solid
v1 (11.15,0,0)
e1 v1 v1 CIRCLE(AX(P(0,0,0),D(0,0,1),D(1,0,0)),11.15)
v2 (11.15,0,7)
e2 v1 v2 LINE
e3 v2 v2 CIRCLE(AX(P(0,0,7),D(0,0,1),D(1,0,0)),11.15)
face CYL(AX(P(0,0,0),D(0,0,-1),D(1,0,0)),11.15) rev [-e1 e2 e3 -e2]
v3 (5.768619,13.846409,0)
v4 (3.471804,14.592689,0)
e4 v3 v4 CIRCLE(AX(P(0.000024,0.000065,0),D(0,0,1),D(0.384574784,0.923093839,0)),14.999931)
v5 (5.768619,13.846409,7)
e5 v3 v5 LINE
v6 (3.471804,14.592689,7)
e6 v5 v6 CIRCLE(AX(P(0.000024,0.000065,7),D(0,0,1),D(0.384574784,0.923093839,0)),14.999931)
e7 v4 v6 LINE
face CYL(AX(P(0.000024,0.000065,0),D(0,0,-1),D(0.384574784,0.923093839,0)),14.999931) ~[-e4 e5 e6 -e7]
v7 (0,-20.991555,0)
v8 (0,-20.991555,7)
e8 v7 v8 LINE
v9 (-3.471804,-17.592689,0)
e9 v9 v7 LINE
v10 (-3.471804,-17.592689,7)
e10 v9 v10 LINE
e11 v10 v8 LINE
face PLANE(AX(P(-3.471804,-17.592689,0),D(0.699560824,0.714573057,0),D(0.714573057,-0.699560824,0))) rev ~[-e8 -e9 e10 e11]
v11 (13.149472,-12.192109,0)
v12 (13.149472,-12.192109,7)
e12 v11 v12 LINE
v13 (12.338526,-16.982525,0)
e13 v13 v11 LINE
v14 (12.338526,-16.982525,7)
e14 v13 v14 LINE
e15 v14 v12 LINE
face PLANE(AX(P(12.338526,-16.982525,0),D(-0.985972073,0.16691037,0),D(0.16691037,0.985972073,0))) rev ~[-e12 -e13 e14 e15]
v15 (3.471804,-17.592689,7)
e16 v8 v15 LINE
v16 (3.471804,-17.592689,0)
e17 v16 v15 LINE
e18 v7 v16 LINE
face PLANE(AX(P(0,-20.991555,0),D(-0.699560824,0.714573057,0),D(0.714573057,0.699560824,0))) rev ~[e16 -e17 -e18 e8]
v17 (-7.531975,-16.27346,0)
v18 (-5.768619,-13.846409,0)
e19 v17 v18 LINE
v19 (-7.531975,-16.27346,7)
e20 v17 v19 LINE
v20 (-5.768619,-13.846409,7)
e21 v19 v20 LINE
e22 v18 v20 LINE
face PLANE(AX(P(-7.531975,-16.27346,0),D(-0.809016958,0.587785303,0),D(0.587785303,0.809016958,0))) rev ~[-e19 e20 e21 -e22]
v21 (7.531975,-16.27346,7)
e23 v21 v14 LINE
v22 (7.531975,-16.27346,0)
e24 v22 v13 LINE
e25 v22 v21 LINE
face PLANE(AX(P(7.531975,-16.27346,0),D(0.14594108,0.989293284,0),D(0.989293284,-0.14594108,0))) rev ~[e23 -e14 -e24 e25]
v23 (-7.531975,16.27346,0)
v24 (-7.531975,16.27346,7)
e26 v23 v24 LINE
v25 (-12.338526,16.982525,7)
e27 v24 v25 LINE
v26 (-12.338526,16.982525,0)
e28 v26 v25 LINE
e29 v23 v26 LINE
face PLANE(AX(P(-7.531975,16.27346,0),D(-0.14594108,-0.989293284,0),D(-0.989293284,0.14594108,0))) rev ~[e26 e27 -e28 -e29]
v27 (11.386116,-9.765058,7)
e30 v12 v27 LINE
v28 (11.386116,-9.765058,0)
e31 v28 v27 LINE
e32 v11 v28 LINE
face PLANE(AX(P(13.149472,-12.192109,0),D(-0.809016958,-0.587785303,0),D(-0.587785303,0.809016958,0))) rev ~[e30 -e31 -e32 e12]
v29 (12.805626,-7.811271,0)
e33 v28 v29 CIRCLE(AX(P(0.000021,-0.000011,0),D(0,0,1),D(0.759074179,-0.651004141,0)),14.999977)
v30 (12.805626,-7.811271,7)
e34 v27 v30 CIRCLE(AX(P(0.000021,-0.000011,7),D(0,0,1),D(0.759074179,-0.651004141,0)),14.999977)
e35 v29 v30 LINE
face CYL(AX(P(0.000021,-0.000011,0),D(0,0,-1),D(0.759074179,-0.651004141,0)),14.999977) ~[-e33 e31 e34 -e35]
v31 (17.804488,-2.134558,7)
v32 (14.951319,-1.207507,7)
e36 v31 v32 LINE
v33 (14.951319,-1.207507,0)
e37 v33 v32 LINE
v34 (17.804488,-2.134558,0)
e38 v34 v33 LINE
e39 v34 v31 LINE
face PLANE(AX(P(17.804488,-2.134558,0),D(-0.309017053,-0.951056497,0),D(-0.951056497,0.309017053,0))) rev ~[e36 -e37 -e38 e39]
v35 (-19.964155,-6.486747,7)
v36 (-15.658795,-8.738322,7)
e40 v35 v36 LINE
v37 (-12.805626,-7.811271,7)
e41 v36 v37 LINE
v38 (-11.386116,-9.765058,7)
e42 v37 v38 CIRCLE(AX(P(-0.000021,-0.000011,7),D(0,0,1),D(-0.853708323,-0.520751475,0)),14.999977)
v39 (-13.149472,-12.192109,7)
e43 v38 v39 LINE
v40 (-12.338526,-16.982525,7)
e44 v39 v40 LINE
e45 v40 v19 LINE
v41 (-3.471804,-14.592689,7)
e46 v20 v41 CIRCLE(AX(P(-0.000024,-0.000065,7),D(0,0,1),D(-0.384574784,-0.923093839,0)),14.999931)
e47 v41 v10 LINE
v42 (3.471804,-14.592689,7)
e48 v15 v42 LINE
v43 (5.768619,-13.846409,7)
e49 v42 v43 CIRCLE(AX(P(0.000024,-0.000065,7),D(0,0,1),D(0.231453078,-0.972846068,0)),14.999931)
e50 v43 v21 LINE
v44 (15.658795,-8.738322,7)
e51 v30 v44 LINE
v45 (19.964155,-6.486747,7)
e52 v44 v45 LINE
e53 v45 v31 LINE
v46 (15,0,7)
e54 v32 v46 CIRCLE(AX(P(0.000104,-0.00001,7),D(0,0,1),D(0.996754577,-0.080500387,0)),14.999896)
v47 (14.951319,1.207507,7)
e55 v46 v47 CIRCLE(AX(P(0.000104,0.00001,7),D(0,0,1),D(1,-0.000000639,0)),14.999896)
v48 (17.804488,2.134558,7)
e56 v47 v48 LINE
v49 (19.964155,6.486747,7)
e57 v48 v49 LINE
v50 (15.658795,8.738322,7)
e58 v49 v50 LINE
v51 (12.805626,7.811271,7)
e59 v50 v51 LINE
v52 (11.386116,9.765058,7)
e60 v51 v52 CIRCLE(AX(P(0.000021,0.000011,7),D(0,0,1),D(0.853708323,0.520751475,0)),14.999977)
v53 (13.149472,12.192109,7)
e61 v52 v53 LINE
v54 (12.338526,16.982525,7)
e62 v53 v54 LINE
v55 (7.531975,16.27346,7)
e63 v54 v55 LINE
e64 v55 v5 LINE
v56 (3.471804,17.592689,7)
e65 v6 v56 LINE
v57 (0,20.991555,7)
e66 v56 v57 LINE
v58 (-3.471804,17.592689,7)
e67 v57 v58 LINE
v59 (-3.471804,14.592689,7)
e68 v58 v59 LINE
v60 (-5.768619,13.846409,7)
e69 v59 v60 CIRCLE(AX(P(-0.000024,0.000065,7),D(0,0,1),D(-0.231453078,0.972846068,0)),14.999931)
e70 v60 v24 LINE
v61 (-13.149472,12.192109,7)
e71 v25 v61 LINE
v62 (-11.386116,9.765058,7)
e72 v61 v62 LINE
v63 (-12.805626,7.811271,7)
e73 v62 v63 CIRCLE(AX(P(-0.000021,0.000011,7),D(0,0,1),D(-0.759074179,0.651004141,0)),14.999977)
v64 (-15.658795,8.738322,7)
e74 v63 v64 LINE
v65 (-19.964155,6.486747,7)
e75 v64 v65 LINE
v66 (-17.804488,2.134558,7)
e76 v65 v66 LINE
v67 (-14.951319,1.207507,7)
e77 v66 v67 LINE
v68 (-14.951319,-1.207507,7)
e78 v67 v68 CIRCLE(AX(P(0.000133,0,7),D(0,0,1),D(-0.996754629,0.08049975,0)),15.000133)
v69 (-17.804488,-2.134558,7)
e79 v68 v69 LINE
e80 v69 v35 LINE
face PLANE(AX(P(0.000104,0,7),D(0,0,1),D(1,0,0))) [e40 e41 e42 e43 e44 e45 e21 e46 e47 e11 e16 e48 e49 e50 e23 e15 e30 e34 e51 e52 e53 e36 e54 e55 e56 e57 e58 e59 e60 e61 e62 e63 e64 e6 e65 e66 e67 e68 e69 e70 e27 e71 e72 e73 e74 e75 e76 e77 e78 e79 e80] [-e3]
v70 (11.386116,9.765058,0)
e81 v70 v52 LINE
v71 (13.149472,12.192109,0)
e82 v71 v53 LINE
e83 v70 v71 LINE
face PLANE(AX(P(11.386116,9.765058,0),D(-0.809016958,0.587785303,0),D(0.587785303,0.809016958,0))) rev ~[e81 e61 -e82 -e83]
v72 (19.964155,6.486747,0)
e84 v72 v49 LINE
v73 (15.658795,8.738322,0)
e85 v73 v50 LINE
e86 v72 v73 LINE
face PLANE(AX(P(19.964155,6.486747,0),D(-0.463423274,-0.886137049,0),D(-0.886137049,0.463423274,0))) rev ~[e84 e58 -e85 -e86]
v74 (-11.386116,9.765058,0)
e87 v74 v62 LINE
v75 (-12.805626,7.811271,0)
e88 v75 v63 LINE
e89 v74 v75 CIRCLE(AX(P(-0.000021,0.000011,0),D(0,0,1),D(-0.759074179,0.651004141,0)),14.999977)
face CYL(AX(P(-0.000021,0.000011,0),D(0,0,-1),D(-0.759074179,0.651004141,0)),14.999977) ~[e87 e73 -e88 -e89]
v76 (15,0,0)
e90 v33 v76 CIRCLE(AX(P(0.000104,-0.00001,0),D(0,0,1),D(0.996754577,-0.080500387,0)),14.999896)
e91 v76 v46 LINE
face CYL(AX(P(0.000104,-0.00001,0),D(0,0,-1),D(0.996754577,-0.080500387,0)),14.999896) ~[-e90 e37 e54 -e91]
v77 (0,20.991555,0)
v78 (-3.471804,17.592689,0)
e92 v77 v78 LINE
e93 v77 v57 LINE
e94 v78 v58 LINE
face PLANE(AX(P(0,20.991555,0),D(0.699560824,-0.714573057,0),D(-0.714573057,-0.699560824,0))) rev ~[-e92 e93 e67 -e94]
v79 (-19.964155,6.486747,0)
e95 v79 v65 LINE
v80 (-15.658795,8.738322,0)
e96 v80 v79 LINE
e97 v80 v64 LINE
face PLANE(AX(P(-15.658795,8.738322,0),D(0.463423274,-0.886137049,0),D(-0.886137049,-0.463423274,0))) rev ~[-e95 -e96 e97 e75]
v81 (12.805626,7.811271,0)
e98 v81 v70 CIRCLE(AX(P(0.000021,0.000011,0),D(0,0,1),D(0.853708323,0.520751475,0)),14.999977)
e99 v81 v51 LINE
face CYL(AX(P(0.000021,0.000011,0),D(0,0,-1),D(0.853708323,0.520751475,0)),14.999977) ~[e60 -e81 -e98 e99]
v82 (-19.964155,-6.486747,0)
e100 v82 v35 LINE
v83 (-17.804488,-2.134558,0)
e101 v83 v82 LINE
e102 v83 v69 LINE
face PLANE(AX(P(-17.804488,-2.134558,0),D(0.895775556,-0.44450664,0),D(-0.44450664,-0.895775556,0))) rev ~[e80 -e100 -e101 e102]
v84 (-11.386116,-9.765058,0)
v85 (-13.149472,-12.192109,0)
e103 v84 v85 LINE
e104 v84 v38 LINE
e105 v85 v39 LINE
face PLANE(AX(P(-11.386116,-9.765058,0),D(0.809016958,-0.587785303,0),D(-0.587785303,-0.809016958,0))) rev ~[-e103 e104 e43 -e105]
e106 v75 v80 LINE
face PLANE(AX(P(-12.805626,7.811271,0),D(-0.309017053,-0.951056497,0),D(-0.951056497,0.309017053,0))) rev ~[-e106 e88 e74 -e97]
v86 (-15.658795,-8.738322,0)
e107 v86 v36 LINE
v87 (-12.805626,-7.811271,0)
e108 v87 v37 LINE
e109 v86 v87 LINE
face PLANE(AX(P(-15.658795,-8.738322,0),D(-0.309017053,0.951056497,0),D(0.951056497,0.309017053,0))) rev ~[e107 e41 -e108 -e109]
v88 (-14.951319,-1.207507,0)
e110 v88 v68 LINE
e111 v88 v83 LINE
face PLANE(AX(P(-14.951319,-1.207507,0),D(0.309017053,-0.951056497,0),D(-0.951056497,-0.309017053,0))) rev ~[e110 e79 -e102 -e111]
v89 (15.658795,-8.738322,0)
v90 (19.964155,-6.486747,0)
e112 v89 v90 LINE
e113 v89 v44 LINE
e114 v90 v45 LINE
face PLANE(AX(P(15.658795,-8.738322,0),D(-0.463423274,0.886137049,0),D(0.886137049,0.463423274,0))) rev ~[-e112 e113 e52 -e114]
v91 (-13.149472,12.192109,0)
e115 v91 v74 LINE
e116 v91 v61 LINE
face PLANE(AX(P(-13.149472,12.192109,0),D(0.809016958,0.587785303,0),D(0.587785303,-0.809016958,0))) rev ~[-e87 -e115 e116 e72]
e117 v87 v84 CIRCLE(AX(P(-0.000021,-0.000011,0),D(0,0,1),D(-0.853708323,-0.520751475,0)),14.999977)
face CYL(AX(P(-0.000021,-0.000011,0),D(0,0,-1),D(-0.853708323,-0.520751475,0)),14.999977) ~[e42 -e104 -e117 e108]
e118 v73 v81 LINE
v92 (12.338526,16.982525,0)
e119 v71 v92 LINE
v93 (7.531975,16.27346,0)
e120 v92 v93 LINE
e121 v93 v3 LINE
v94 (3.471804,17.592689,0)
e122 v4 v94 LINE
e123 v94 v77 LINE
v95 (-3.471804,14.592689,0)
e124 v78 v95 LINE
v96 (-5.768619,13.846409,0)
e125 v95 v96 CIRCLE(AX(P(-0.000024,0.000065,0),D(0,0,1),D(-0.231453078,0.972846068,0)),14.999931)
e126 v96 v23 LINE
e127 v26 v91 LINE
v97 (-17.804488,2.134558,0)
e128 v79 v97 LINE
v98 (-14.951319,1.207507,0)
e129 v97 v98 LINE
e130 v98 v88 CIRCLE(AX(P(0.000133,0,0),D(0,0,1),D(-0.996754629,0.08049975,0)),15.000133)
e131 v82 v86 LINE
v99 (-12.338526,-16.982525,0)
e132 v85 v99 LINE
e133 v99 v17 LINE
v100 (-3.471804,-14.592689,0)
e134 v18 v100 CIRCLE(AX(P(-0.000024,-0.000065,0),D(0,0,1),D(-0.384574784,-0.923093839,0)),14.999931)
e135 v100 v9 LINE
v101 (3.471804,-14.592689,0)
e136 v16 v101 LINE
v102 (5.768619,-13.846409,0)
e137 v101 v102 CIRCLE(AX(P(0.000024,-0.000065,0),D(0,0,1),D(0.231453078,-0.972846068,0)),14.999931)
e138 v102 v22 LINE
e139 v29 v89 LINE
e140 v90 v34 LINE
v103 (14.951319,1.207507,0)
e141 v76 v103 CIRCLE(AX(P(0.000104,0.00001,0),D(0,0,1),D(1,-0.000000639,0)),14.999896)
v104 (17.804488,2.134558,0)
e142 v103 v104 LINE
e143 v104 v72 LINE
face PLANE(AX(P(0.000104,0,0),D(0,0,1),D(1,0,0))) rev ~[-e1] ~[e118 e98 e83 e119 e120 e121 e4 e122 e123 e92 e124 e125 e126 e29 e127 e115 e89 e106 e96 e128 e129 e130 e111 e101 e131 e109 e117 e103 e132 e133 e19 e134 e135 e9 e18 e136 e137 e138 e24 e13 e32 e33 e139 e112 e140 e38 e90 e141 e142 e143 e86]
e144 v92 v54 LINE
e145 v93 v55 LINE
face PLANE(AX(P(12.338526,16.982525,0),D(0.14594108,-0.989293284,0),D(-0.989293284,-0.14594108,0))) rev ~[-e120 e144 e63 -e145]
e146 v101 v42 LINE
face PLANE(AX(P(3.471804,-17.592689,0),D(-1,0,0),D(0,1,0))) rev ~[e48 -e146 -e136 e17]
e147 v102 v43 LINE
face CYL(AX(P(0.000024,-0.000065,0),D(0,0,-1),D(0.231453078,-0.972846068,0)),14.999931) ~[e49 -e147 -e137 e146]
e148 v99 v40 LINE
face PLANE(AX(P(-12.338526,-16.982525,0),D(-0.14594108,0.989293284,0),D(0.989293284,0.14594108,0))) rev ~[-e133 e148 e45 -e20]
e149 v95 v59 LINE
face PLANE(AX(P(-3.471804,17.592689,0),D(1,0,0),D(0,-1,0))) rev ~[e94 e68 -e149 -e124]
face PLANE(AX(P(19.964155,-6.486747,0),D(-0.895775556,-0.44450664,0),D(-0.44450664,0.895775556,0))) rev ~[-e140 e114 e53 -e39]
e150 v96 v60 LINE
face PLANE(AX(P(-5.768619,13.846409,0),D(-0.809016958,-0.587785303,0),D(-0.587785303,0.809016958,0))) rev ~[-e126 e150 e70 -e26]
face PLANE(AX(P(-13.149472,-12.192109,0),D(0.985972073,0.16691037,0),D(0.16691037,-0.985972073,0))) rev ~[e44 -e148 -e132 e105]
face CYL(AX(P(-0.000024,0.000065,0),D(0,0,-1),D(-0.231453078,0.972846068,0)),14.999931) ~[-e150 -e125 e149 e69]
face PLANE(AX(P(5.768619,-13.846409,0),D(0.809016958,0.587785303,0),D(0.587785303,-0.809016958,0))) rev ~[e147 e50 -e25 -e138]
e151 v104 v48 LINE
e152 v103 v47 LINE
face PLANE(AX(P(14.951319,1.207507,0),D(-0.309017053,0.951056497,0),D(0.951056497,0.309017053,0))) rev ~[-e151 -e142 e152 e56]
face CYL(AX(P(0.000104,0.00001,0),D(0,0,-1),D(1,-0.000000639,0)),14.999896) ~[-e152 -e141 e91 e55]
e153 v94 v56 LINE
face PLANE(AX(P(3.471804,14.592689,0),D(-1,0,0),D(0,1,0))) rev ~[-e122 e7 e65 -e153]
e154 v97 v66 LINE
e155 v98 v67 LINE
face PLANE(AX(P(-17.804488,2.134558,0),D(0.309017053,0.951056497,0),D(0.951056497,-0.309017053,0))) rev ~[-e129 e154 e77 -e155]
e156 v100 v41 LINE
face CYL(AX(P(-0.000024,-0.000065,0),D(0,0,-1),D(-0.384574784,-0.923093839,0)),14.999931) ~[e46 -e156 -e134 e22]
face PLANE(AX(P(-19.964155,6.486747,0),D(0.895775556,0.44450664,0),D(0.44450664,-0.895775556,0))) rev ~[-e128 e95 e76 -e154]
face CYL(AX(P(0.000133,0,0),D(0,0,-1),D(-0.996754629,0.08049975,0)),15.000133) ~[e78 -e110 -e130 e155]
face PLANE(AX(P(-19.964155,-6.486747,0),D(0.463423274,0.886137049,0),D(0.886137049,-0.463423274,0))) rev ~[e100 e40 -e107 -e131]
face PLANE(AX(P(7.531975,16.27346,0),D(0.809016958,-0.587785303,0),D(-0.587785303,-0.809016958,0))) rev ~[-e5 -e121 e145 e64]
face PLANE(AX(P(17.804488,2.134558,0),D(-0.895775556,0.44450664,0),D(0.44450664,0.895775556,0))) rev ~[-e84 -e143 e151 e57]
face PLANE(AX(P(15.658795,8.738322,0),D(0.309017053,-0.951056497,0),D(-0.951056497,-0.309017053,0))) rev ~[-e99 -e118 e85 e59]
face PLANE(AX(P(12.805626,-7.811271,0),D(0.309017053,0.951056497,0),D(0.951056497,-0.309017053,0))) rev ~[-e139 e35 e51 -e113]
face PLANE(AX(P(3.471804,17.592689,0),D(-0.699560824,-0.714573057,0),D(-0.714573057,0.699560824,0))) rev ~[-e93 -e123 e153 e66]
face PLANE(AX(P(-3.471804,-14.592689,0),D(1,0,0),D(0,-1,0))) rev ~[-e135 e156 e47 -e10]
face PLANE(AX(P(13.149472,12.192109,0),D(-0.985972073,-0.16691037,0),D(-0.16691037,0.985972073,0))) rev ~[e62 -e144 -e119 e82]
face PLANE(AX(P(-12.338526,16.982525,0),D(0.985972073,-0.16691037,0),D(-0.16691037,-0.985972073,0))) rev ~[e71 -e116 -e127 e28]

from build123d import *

# Parameters (mm, degrees)
F0_R     = 11.15
F1_DEPTH = 7


with BuildPart() as f1:
    # F0 (on Top) → F1 (new body)
    with BuildSketch(Plane.XY):
        with BuildLine():
            ThreePointArc((14.951319, -1.207507), (14.987825, -0.604244), (15, 0))
            ThreePointArc((15, 0), (14.987825, 0.604244), (14.951319, 1.207507))
            ThreePointArc((14.951319, 1.207507), (14.265848, 4.635255), (12.805626, 7.811271))
            ThreePointArc((12.805626, 7.811271), (12.135255, 8.816779), (11.386116, 9.765058))
            ThreePointArc((11.386116, 9.765058), (8.816779, 12.135255), (5.768619, 13.846409))
            ThreePointArc((5.768619, 13.846409), (4.635255, 14.265848), (3.471804, 14.592689))
            ThreePointArc((3.471804, 14.592689), (0, 15), (-3.471804, 14.592689))
            ThreePointArc((-3.471804, 14.592689), (-4.635255, 14.265848), (-5.768619, 13.846409))
            ThreePointArc((-5.768619, 13.846409), (-8.816779, 12.135255), (-11.386116, 9.765058))
            ThreePointArc((-11.386116, 9.765058), (-12.135255, 8.816779), (-12.805626, 7.811271))
            ThreePointArc((-12.805626, 7.811271), (-14.265848, 4.635255), (-14.951319, 1.207507))
            ThreePointArc((-14.951319, 1.207507), (-15, 0), (-14.951319, -1.207507))
            ThreePointArc((-14.951319, -1.207507), (-14.265848, -4.635255), (-12.805626, -7.811271))
            ThreePointArc((-12.805626, -7.811271), (-12.135255, -8.816779), (-11.386116, -9.765058))
            ThreePointArc((-11.386116, -9.765058), (-8.816779, -12.135255), (-5.768619, -13.846409))
            ThreePointArc((-5.768619, -13.846409), (-4.635255, -14.265848), (-3.471804, -14.592689))
            ThreePointArc((-3.471804, -14.592689), (0, -15), (3.471804, -14.592689))
            ThreePointArc((3.471804, -14.592689), (4.635255, -14.265848), (5.768619, -13.846409))
            ThreePointArc((5.768619, -13.846409), (8.816779, -12.135255), (11.386116, -9.765058))
            ThreePointArc((11.386116, -9.765058), (12.135255, -8.816779), (12.805626, -7.811271))
            ThreePointArc((12.805626, -7.811271), (14.265848, -4.635255), (14.951319, -1.207507))
        make_face()
        Circle(F0_R, mode=Mode.SUBTRACT)
        with BuildLine():
            ThreePointArc((12.805626, 7.811271), (14.265848, 4.635255), (14.951319, 1.207507))
            Line((14.951319, 1.207507), (17.804488, 2.134558))
            Line((17.804488, 2.134558), (19.964155, 6.486747))
            Line((19.964155, 6.486747), (15.658795, 8.738322))
            Line((15.658795, 8.738322), (12.805626, 7.811271))
        make_face()
        with BuildLine():
            Line((17.804488, -2.134558), (14.951319, -1.207507))
            ThreePointArc((14.951319, -1.207507), (14.265848, -4.635255), (12.805626, -7.811271))
            Line((12.805626, -7.811271), (15.658795, -8.738322))
            Line((15.658795, -8.738322), (19.964155, -6.486747))
            Line((19.964155, -6.486747), (17.804488, -2.134558))
        make_face()
        with BuildLine():
            ThreePointArc((5.768619, 13.846409), (8.816779, 12.135255), (11.386116, 9.765058))
            Line((11.386116, 9.765058), (13.149472, 12.192109))
            Line((13.149472, 12.192109), (12.338526, 16.982525))
            Line((12.338526, 16.982525), (7.531975, 16.27346))
            Line((7.531975, 16.27346), (5.768619, 13.846409))
        make_face()
        with BuildLine():
            Line((13.149472, -12.192109), (11.386116, -9.765058))
            ThreePointArc((11.386116, -9.765058), (8.816779, -12.135255), (5.768619, -13.846409))
            Line((5.768619, -13.846409), (7.531975, -16.27346))
            Line((7.531975, -16.27346), (12.338526, -16.982525))
            Line((12.338526, -16.982525), (13.149472, -12.192109))
        make_face()
        with BuildLine():
            ThreePointArc((-3.471804, 14.592689), (0, 15), (3.471804, 14.592689))
            Line((3.471804, 14.592689), (3.471804, 17.592689))
            Line((3.471804, 17.592689), (0, 20.991555))
            Line((0, 20.991555), (-3.471804, 17.592689))
            Line((-3.471804, 17.592689), (-3.471804, 14.592689))
        make_face()
        with BuildLine():
            Line((3.471804, -17.592689), (3.471804, -14.592689))
            ThreePointArc((3.471804, -14.592689), (0, -15), (-3.471804, -14.592689))
            Line((-3.471804, -14.592689), (-3.471804, -17.592689))
            Line((-3.471804, -17.592689), (0, -20.991555))
            Line((0, -20.991555), (3.471804, -17.592689))
        make_face()
        with BuildLine():
            ThreePointArc((-11.386116, 9.765058), (-8.816779, 12.135255), (-5.768619, 13.846409))
            Line((-5.768619, 13.846409), (-7.531975, 16.27346))
            Line((-7.531975, 16.27346), (-12.338526, 16.982525))
            Line((-12.338526, 16.982525), (-13.149472, 12.192109))
            Line((-13.149472, 12.192109), (-11.386116, 9.765058))
        make_face()
        with BuildLine():
            Line((-7.531975, -16.27346), (-5.768619, -13.846409))
            ThreePointArc((-5.768619, -13.846409), (-8.816779, -12.135255), (-11.386116, -9.765058))
            Line((-11.386116, -9.765058), (-13.149472, -12.192109))
            Line((-13.149472, -12.192109), (-12.338526, -16.982525))
            Line((-12.338526, -16.982525), (-7.531975, -16.27346))
        make_face()
        with BuildLine():
            ThreePointArc((-14.951319, 1.207507), (-14.265848, 4.635255), (-12.805626, 7.811271))
            Line((-12.805626, 7.811271), (-15.658795, 8.738322))
            Line((-15.658795, 8.738322), (-19.964155, 6.486747))
            Line((-19.964155, 6.486747), (-17.804488, 2.134558))
            Line((-17.804488, 2.134558), (-14.951319, 1.207507))
        make_face()
        with BuildLine():
            Line((-15.658795, -8.738322), (-12.805626, -7.811271))
            ThreePointArc((-12.805626, -7.811271), (-14.265848, -4.635255), (-14.951319, -1.207507))
            Line((-14.951319, -1.207507), (-17.804488, -2.134558))
            Line((-17.804488, -2.134558), (-19.964155, -6.486747))
            Line((-19.964155, -6.486747), (-15.658795, -8.738322))
        make_face()
    extrude(amount=F1_DEPTH)


solid = f1.part
